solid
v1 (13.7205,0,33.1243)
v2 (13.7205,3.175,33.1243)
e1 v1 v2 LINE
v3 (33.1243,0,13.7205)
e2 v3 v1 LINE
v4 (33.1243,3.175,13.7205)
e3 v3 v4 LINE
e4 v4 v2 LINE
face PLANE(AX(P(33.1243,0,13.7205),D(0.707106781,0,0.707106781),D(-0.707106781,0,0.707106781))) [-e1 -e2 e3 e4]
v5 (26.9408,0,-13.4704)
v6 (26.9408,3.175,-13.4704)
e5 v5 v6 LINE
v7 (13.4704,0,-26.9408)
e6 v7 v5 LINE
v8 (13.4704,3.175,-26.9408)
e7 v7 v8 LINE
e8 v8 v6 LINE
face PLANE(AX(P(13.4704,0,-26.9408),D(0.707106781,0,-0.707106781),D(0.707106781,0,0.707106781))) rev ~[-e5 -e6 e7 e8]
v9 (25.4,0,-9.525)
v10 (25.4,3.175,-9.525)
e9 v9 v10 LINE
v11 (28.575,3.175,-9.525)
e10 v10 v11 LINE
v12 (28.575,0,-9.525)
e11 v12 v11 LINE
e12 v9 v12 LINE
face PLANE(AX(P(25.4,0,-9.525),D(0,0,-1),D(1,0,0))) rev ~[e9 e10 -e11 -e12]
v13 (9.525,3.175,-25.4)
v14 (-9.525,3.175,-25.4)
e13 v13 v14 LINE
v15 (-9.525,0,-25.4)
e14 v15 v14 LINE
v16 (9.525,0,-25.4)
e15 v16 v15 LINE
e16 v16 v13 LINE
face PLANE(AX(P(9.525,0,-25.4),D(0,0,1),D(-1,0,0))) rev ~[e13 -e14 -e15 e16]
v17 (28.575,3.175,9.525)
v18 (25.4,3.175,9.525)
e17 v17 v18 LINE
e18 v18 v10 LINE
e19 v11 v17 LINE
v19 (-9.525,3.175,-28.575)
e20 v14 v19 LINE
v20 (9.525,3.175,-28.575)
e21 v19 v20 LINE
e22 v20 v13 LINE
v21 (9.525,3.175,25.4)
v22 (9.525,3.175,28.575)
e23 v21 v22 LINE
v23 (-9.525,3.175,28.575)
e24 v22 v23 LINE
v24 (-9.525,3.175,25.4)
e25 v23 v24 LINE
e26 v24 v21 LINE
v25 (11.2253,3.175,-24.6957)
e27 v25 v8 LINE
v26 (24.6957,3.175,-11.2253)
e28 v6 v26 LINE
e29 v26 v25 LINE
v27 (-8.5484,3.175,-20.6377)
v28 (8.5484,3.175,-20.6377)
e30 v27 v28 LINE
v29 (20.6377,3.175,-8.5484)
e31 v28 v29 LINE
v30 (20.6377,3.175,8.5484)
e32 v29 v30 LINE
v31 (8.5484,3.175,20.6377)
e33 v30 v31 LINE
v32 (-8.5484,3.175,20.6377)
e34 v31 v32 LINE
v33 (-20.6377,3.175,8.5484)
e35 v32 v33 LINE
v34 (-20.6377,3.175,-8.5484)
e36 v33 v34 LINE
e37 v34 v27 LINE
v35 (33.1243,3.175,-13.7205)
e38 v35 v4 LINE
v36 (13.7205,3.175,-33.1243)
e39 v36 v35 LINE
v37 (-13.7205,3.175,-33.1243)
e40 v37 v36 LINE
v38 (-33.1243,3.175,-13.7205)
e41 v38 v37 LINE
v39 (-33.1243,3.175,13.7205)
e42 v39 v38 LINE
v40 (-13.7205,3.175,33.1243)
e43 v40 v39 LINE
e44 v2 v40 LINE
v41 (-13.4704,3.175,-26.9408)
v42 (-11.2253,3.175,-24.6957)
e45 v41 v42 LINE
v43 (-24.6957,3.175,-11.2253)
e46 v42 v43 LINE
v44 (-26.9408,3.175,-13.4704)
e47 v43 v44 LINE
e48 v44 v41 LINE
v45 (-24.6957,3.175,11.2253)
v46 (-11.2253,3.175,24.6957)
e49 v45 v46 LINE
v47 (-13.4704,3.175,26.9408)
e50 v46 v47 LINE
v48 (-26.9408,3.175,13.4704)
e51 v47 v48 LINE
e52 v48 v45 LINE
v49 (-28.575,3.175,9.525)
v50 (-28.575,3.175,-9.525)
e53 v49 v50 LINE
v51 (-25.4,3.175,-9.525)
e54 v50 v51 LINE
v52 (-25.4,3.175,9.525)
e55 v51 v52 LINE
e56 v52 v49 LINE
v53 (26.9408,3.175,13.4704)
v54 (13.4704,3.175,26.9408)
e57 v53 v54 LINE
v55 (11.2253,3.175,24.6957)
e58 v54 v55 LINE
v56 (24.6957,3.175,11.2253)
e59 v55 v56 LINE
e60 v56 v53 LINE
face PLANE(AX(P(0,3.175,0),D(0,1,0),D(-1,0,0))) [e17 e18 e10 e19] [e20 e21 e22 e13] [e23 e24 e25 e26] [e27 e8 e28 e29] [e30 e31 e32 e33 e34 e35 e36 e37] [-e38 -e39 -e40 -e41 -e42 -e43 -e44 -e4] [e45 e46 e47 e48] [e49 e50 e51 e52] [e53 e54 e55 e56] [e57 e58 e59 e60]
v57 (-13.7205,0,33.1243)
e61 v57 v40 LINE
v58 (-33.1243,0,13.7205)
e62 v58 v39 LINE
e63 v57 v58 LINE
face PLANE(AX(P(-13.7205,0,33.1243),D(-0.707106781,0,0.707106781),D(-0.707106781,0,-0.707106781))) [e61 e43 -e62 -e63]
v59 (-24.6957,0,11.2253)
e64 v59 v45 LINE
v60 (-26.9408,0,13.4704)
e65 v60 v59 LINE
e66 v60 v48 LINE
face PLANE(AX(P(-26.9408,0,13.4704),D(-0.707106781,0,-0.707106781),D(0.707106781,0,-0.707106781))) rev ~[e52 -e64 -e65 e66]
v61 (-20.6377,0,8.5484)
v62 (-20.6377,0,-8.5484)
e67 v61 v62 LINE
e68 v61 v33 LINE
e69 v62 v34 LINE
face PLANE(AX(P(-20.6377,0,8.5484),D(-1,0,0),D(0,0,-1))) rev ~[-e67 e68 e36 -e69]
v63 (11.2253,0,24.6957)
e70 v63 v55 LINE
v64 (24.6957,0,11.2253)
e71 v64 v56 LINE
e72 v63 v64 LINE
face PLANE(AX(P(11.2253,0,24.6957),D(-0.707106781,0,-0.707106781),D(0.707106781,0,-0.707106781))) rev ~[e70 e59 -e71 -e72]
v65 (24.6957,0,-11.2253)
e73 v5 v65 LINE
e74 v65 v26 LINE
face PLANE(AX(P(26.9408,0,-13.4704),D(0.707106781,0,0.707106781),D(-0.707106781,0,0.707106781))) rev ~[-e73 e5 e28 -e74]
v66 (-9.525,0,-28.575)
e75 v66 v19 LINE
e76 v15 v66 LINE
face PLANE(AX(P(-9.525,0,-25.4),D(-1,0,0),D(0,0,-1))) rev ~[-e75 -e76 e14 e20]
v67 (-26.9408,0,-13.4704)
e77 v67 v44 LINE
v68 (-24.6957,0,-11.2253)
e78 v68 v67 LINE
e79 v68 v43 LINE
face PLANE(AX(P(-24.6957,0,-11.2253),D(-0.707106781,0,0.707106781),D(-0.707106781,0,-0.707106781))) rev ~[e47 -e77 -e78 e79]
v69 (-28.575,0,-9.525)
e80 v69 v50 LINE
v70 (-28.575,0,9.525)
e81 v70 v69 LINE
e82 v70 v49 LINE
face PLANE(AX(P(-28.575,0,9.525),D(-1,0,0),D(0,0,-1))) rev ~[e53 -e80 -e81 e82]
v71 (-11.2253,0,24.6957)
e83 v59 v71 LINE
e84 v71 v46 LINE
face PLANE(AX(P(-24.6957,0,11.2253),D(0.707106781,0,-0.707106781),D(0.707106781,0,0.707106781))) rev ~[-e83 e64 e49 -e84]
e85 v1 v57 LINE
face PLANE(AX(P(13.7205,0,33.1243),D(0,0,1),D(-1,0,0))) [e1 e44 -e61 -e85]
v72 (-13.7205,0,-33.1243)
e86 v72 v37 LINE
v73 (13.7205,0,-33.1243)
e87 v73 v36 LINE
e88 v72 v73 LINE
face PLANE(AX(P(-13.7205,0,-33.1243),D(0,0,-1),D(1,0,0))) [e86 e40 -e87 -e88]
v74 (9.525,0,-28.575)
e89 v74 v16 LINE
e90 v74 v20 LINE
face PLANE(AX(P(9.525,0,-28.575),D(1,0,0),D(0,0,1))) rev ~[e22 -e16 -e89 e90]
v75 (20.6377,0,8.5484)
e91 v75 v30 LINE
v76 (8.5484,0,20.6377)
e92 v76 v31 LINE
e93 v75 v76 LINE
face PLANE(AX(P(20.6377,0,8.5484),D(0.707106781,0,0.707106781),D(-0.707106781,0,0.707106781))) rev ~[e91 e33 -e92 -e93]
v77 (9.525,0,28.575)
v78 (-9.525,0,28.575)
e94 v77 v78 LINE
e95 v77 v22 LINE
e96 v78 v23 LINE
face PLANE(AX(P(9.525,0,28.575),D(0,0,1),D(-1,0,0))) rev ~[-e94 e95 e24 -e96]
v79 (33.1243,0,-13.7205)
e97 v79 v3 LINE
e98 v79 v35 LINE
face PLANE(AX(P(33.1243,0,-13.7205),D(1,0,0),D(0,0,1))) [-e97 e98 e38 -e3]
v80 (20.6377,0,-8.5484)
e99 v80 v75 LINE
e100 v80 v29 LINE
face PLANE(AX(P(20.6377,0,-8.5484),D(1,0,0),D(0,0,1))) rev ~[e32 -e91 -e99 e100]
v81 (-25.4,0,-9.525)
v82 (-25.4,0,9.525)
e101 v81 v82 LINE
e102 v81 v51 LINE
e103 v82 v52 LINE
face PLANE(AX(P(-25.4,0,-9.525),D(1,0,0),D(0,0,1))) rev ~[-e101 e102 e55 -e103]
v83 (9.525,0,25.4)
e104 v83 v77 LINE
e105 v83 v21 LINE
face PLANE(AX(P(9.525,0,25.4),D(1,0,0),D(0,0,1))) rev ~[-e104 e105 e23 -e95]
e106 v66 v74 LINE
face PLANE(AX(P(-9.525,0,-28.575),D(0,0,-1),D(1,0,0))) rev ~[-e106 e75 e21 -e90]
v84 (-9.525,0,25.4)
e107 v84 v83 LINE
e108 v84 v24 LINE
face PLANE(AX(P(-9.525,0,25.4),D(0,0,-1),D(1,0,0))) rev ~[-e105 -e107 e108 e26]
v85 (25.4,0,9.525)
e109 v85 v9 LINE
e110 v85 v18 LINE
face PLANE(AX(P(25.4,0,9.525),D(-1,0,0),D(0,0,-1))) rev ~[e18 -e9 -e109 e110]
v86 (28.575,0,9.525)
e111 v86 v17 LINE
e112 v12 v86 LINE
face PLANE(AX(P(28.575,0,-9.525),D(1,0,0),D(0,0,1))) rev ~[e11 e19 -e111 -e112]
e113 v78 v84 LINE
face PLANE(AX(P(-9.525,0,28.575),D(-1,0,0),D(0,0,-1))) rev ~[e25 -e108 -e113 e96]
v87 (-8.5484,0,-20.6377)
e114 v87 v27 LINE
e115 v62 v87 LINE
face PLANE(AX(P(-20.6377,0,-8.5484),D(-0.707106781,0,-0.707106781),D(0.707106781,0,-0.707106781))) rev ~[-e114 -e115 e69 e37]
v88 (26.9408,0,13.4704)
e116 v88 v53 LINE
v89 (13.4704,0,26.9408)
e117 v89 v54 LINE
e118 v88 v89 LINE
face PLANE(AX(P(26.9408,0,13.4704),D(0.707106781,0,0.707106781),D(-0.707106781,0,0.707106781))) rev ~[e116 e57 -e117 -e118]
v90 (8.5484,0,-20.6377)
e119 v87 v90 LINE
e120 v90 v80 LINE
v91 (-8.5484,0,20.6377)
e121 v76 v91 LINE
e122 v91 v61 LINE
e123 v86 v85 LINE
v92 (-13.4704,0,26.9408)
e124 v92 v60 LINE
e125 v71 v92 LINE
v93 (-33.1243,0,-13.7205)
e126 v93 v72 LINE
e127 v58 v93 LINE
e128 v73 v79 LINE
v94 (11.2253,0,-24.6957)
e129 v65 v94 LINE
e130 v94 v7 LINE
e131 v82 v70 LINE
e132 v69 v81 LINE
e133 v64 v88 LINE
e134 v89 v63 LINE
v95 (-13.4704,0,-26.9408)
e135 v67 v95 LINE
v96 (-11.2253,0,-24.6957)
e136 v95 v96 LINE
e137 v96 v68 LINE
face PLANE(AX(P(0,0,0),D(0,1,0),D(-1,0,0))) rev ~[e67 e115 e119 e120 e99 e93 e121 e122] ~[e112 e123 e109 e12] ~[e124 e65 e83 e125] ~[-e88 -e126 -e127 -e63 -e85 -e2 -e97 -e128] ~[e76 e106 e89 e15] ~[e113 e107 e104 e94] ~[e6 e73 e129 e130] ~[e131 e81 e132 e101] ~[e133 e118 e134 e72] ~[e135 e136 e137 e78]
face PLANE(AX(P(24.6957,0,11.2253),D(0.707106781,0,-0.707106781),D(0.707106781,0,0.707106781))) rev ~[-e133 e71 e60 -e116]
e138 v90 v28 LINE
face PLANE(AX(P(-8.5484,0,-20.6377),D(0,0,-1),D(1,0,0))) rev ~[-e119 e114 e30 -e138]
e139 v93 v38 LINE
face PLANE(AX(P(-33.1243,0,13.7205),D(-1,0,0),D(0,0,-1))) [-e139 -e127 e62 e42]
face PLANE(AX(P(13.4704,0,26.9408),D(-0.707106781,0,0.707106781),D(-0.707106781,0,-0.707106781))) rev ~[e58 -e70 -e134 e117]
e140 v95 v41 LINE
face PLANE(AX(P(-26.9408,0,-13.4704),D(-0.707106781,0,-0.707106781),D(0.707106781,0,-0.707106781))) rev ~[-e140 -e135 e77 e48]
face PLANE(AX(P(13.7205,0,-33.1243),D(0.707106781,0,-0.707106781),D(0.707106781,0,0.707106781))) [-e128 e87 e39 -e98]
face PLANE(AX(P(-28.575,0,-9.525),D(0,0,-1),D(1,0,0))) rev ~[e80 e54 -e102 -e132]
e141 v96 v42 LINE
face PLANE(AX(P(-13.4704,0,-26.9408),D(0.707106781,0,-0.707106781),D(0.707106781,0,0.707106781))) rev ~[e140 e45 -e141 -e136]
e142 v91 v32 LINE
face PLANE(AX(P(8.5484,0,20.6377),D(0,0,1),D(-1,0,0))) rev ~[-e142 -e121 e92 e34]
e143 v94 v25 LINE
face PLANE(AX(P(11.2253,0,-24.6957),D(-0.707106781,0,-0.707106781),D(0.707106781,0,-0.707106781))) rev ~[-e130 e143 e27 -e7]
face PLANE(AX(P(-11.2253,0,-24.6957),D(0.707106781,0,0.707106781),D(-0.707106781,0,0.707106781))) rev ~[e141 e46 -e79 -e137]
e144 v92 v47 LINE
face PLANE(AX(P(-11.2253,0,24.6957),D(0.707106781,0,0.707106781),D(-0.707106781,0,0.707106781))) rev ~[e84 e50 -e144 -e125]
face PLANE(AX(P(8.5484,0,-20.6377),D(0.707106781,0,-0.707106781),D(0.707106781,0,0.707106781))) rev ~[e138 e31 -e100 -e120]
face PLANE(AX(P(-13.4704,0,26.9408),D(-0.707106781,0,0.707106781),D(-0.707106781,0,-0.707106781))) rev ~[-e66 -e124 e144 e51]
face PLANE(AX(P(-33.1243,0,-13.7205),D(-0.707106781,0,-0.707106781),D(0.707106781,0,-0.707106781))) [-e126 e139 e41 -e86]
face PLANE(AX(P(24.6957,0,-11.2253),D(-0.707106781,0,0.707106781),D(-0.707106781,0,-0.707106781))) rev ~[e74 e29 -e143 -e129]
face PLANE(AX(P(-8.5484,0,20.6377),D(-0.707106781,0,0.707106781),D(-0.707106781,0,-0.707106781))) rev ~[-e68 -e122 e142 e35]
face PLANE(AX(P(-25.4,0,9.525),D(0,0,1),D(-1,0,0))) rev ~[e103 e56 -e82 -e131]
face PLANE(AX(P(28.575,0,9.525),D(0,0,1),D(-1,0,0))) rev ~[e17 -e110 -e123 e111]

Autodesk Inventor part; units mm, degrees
ref_plane "YZ Plane" through (0, 0, 0) normal (1, 0, 0) x (0, 1, 0)
ref_plane "XZ Plane" through (0, 0, 0) normal (0, 1, 0) x (-1, 0, 0)
ref_plane "XY Plane" through (0, 0, 0) normal (0, 0, 1) x (1, 0, 0)
sketch "Sketch2" plane through (0, 0, 0) normal (0, 1, 0) x (-1, 0, 0)
  line L0 (9.525, -28.575) -> (-9.525, -28.575)
  line L1 (-9.525, -28.575) -> (-9.525, -25.4)
  line L2 (-9.525, -25.4) -> (9.525, -25.4)
  line L3 (9.525, -25.4) -> (9.525, -28.575)
  line L4 (0, -129.3424) -> (0, 132.3553) construction
  line L5 (0, -78.1219) -> (0, -74.9469) construction
  line L6 (26.9408, -13.4704) -> (13.4704, -26.9408)
  line L7 (13.4704, -26.9408) -> (11.2253, -24.6957)
  line L8 (11.2253, -24.6957) -> (24.6957, -11.2253)
  line L9 (24.6957, -11.2253) -> (26.9408, -13.4704)
  line L10 (55.2406, -55.2406) -> (52.9955, -52.9955) construction
  line L11 (28.575, 9.525) -> (28.575, -9.525)
  line L12 (28.575, -9.525) -> (25.4, -9.525)
  line L13 (25.4, -9.525) -> (25.4, 9.525)
  line L14 (25.4, 9.525) -> (28.575, 9.525)
  line L15 (78.1219, 0) -> (74.9469, 0) construction
  line L16 (13.4704, 26.9408) -> (26.9408, 13.4704)
  line L17 (26.9408, 13.4704) -> (24.6957, 11.2253)
  line L18 (24.6957, 11.2253) -> (11.2253, 24.6957)
  line L19 (11.2253, 24.6957) -> (13.4704, 26.9408)
  line L20 (55.2406, 55.2406) -> (52.9955, 52.9955) construction
  line L21 (-9.525, 28.575) -> (9.525, 28.575)
  line L22 (9.525, 28.575) -> (9.525, 25.4)
  line L23 (9.525, 25.4) -> (-9.525, 25.4)
  line L24 (-9.525, 25.4) -> (-9.525, 28.575)
  line L25 (0, 78.1219) -> (0, 74.9469) construction
  line L26 (-26.9408, 13.4704) -> (-13.4704, 26.9408)
  line L27 (-13.4704, 26.9408) -> (-11.2253, 24.6957)
  line L28 (-11.2253, 24.6957) -> (-24.6957, 11.2253)
  line L29 (-24.6957, 11.2253) -> (-26.9408, 13.4704)
  line L30 (-55.2406, 55.2406) -> (-52.9955, 52.9955) construction
  line L31 (-28.575, -9.525) -> (-28.575, 9.525)
  line L32 (-28.575, 9.525) -> (-25.4, 9.525)
  line L33 (-25.4, 9.525) -> (-25.4, -9.525)
  line L34 (-25.4, -9.525) -> (-28.575, -9.525)
  line L35 (-78.1219, 0) -> (-74.9469, 0) construction
  line L36 (-13.4704, -26.9408) -> (-26.9408, -13.4704)
  line L37 (-26.9408, -13.4704) -> (-24.6957, -11.2253)
  line L38 (-24.6957, -11.2253) -> (-11.2253, -24.6957)
  line L39 (-11.2253, -24.6957) -> (-13.4704, -26.9408)
  line L40 (-55.2406, -55.2406) -> (-52.9955, -52.9955) construction
  line L41 (-20.6377, -8.5484) -> (-20.6377, 8.5484)
  line L42 (-20.6377, 8.5484) -> (-8.5484, 20.6377)
  line L43 (-8.5484, 20.6377) -> (8.5484, 20.6377)
  line L44 (8.5484, 20.6377) -> (20.6377, 8.5484)
  line L45 (20.6377, 8.5484) -> (20.6377, -8.5484)
  line L46 (20.6377, -8.5484) -> (8.5484, -20.6377)
  line L47 (8.5484, -20.6377) -> (-8.5484, -20.6377)
  line L48 (-8.5484, -20.6377) -> (-20.6377, -8.5484)
  line L49 (-33.1243, -13.7205) -> (-33.1243, 13.7205)
  line L50 (-33.1243, 13.7205) -> (-13.7205, 33.1243)
  line L51 (-13.7205, 33.1243) -> (13.7205, 33.1243)
  line L52 (13.7205, 33.1243) -> (33.1243, 13.7205)
  line L53 (33.1243, 13.7205) -> (33.1243, -13.7205)
  line L54 (33.1243, -13.7205) -> (13.7205, -33.1243)
  line L55 (13.7205, -33.1243) -> (-13.7205, -33.1243)
  line L56 (-13.7205, -33.1243) -> (-33.1243, -13.7205)
  point P0 (0, 0)
  point P1 (0, 0)
  point P2 (0, 0)
  point P3 (0, 0)
  dimension "d12" = 19.05
  dimension "d13" = 3.175
  dimension "d14" = 9.525
  dimension "d15" = 9.525
  dimension "d18" = 360
  dimension "d20" = 28.575
extrude "Extrusion1" add sketch "Sketch2" along normal blind 3.175
properties part number "octoBotoTopStemRing"
